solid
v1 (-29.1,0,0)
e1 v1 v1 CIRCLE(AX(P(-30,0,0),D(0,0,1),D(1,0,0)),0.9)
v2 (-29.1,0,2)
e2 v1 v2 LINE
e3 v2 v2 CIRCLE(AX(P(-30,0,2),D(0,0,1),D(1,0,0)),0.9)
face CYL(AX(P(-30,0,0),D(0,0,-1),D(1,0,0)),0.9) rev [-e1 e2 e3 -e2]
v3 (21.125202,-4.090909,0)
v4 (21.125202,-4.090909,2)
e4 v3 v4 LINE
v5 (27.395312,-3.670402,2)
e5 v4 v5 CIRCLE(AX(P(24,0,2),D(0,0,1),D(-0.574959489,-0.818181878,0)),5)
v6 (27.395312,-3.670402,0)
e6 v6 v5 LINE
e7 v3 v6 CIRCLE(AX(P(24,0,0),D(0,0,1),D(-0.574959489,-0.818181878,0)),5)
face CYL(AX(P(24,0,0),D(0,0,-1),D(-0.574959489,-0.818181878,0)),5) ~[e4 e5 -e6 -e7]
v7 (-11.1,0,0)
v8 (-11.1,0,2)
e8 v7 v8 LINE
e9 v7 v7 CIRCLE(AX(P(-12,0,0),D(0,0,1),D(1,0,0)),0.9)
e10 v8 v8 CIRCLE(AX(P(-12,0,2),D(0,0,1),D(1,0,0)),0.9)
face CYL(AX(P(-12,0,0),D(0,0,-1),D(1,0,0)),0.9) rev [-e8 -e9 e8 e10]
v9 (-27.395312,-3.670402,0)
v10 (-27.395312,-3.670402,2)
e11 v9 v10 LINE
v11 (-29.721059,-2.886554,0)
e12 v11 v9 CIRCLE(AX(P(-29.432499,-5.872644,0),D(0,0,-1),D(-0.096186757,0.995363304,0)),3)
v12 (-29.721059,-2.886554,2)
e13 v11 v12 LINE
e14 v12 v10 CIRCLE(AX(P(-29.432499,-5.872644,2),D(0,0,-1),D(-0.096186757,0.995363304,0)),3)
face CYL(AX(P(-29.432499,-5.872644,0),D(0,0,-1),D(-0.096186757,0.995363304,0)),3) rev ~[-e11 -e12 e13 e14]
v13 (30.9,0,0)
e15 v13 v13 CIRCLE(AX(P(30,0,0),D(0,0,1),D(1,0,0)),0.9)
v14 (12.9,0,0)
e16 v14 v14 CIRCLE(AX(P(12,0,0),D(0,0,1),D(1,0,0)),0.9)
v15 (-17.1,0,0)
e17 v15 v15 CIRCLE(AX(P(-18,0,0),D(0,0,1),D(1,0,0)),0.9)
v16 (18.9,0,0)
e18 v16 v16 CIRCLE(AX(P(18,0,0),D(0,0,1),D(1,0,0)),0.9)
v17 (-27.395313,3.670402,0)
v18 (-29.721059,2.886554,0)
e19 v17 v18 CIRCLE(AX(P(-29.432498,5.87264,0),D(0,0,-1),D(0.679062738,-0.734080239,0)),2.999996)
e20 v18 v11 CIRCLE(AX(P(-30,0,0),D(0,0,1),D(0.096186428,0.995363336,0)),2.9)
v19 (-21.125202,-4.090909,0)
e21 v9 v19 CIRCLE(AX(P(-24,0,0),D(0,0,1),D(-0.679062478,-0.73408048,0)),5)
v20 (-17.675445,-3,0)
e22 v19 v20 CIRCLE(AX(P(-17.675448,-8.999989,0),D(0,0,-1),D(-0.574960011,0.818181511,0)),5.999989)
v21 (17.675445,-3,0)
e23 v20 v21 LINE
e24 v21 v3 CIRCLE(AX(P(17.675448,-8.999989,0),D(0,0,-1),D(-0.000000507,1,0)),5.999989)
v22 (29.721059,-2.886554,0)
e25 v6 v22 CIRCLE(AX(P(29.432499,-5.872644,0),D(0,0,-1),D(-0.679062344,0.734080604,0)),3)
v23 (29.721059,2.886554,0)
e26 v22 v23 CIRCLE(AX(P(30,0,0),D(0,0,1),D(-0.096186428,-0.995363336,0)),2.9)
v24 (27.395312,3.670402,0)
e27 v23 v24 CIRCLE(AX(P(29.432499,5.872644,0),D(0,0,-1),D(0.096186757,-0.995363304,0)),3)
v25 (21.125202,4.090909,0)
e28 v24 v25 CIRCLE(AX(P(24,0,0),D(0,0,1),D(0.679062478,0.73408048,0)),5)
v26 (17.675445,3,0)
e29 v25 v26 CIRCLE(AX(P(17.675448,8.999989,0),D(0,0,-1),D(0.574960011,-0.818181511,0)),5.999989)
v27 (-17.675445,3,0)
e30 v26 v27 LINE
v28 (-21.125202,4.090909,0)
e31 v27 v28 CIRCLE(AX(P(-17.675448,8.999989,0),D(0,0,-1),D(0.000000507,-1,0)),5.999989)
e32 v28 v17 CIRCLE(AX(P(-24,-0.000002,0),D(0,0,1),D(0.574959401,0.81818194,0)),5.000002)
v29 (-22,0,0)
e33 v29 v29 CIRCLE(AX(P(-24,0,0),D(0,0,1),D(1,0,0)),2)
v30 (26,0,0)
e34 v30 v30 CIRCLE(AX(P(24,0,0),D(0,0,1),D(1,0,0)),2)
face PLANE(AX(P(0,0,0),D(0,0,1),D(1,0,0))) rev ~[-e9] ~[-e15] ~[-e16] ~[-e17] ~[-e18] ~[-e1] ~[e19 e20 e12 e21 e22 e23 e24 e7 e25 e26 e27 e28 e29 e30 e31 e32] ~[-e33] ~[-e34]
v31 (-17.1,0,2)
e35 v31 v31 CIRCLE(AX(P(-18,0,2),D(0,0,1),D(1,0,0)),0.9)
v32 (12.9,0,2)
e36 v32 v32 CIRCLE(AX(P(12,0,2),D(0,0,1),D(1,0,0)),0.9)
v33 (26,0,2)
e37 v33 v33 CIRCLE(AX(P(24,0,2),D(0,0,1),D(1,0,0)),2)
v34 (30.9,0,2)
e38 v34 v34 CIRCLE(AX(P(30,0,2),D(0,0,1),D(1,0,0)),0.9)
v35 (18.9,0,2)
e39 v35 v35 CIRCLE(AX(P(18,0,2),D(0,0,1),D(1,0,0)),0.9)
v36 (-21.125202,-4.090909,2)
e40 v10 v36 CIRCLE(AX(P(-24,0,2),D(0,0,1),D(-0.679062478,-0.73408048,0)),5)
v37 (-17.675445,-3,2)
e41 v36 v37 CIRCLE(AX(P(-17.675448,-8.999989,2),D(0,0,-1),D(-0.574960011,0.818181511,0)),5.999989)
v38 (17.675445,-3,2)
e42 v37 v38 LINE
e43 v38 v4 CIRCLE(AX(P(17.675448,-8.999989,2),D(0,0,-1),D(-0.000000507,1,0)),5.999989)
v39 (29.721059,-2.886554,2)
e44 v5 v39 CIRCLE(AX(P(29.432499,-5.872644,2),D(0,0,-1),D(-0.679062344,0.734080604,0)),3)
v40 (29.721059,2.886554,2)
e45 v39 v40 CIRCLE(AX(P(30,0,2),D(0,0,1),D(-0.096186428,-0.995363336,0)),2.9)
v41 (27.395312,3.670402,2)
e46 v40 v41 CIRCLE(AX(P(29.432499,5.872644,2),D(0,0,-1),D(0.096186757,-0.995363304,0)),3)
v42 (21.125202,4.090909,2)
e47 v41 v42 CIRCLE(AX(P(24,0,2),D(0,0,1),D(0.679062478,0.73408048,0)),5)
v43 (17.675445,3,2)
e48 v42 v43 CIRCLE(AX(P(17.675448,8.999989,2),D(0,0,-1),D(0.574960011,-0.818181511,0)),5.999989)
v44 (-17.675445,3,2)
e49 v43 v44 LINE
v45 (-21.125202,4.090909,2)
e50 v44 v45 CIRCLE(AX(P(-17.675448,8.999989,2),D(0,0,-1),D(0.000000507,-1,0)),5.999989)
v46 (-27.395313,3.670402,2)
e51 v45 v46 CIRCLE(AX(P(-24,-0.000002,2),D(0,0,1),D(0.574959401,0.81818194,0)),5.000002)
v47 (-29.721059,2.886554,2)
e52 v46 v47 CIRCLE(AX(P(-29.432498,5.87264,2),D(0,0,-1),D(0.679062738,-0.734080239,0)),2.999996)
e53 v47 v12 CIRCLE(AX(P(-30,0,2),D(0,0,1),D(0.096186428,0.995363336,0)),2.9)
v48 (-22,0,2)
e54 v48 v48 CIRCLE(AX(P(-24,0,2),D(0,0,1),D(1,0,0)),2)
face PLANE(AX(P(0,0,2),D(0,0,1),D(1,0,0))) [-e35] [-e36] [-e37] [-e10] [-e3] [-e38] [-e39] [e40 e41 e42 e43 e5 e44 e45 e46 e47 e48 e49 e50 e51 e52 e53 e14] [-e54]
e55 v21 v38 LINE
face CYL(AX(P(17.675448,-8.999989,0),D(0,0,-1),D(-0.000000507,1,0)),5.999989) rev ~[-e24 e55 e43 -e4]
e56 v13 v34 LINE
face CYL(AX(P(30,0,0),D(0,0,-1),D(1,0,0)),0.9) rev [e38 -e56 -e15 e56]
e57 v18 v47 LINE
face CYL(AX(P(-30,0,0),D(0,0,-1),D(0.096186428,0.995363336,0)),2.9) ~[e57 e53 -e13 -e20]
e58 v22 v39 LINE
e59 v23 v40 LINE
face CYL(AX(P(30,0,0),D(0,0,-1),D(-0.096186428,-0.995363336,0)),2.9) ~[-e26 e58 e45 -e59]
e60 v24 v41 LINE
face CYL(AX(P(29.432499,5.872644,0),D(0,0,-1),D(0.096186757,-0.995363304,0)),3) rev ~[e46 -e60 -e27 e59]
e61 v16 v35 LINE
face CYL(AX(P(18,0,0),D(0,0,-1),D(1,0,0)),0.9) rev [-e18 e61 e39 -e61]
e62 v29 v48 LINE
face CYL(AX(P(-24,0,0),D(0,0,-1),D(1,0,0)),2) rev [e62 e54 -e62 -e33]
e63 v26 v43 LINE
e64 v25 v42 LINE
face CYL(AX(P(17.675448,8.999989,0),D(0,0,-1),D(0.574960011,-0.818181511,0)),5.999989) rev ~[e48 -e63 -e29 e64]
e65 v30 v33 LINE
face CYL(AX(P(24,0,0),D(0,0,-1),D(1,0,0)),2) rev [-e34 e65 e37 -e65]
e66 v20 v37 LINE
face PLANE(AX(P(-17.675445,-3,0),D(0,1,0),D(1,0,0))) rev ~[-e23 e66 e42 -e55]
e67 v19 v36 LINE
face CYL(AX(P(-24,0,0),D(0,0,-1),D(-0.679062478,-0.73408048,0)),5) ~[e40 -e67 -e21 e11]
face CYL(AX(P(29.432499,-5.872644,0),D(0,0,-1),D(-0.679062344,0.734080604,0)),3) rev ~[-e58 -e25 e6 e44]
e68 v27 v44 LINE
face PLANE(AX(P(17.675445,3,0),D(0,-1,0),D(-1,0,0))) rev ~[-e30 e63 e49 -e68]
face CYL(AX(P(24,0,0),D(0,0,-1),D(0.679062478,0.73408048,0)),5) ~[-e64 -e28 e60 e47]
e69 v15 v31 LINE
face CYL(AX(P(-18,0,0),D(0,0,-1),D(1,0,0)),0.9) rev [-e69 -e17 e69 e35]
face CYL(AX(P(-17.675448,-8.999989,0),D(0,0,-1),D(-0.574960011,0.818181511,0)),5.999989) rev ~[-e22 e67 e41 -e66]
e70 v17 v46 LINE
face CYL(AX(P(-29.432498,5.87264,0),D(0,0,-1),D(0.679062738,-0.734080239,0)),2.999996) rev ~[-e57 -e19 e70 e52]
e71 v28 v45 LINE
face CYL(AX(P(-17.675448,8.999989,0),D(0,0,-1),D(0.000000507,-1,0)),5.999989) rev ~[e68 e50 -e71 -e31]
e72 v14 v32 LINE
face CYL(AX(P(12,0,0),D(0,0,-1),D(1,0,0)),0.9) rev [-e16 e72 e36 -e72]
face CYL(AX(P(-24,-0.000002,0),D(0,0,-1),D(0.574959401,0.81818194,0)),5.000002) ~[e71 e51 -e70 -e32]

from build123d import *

# Parameters (mm, degrees)
F0_R     = 0.9
F0_R_2   = 2
F1_DEPTH = 2


with BuildPart() as f1:
    # F0 (on Top) → F1 (new body)
    with BuildSketch(Plane.XY):
        with BuildLine():
            Line((17.675445, 3), (0, 3))
            Line((0, 3), (-17.675445, 3))
            ThreePointArc((-17.675445, 3), (-19.484513, 3.279224), (-21.125202, 4.090909))
            ThreePointArc((-21.125202, 4.090909), (-24.334575, 4.988793), (-27.395313, 3.670402))
            ThreePointArc((-27.395313, 3.670402), (-28.474361, 3.029763), (-29.721059, 2.886554))
            ThreePointArc((-29.721059, 2.886554), (-32.9, 0), (-29.721059, -2.886554))
            ThreePointArc((-29.721059, -2.886554), (-28.474361, -3.029763), (-27.395312, -3.670402))
            ThreePointArc((-27.395312, -3.670402), (-24.334575, -4.988793), (-21.125202, -4.090909))
            ThreePointArc((-21.125202, -4.090909), (-19.484513, -3.279224), (-17.675445, -3))
            Line((-17.675445, -3), (0, -3))
            Line((0, -3), (17.675445, -3))
            ThreePointArc((17.675445, -3), (19.484513, -3.279224), (21.125202, -4.090909))
            ThreePointArc((21.125202, -4.090909), (24.334575, -4.988793), (27.395312, -3.670402))
            ThreePointArc((27.395312, -3.670402), (28.474361, -3.029763), (29.721059, -2.886554))
            ThreePointArc((29.721059, -2.886554), (32.9, 0), (29.721059, 2.886554))
            ThreePointArc((29.721059, 2.886554), (28.474361, 3.029763), (27.395312, 3.670402))
            ThreePointArc((27.395312, 3.670402), (24.334575, 4.988793), (21.125202, 4.090909))
            ThreePointArc((21.125202, 4.090909), (19.484513, 3.279224), (17.675445, 3))
        make_face()
        with Locations((-30, 0)):
            Circle(F0_R, mode=Mode.SUBTRACT)
        with Locations((-24, 0)):
            Circle(F0_R_2, mode=Mode.SUBTRACT)
        with Locations((-18, 0)):
            Circle(F0_R, mode=Mode.SUBTRACT)
        with Locations((-12, 0)):
            Circle(F0_R, mode=Mode.SUBTRACT)
        with Locations((12, 0)):
            Circle(F0_R, mode=Mode.SUBTRACT)
        with Locations((18, 0)):
            Circle(F0_R, mode=Mode.SUBTRACT)
        with Locations((24, 0)):
            Circle(F0_R_2, mode=Mode.SUBTRACT)
        with Locations((30, 0)):
            Circle(F0_R, mode=Mode.SUBTRACT)
    extrude(amount=F1_DEPTH)


solid = f1.part
